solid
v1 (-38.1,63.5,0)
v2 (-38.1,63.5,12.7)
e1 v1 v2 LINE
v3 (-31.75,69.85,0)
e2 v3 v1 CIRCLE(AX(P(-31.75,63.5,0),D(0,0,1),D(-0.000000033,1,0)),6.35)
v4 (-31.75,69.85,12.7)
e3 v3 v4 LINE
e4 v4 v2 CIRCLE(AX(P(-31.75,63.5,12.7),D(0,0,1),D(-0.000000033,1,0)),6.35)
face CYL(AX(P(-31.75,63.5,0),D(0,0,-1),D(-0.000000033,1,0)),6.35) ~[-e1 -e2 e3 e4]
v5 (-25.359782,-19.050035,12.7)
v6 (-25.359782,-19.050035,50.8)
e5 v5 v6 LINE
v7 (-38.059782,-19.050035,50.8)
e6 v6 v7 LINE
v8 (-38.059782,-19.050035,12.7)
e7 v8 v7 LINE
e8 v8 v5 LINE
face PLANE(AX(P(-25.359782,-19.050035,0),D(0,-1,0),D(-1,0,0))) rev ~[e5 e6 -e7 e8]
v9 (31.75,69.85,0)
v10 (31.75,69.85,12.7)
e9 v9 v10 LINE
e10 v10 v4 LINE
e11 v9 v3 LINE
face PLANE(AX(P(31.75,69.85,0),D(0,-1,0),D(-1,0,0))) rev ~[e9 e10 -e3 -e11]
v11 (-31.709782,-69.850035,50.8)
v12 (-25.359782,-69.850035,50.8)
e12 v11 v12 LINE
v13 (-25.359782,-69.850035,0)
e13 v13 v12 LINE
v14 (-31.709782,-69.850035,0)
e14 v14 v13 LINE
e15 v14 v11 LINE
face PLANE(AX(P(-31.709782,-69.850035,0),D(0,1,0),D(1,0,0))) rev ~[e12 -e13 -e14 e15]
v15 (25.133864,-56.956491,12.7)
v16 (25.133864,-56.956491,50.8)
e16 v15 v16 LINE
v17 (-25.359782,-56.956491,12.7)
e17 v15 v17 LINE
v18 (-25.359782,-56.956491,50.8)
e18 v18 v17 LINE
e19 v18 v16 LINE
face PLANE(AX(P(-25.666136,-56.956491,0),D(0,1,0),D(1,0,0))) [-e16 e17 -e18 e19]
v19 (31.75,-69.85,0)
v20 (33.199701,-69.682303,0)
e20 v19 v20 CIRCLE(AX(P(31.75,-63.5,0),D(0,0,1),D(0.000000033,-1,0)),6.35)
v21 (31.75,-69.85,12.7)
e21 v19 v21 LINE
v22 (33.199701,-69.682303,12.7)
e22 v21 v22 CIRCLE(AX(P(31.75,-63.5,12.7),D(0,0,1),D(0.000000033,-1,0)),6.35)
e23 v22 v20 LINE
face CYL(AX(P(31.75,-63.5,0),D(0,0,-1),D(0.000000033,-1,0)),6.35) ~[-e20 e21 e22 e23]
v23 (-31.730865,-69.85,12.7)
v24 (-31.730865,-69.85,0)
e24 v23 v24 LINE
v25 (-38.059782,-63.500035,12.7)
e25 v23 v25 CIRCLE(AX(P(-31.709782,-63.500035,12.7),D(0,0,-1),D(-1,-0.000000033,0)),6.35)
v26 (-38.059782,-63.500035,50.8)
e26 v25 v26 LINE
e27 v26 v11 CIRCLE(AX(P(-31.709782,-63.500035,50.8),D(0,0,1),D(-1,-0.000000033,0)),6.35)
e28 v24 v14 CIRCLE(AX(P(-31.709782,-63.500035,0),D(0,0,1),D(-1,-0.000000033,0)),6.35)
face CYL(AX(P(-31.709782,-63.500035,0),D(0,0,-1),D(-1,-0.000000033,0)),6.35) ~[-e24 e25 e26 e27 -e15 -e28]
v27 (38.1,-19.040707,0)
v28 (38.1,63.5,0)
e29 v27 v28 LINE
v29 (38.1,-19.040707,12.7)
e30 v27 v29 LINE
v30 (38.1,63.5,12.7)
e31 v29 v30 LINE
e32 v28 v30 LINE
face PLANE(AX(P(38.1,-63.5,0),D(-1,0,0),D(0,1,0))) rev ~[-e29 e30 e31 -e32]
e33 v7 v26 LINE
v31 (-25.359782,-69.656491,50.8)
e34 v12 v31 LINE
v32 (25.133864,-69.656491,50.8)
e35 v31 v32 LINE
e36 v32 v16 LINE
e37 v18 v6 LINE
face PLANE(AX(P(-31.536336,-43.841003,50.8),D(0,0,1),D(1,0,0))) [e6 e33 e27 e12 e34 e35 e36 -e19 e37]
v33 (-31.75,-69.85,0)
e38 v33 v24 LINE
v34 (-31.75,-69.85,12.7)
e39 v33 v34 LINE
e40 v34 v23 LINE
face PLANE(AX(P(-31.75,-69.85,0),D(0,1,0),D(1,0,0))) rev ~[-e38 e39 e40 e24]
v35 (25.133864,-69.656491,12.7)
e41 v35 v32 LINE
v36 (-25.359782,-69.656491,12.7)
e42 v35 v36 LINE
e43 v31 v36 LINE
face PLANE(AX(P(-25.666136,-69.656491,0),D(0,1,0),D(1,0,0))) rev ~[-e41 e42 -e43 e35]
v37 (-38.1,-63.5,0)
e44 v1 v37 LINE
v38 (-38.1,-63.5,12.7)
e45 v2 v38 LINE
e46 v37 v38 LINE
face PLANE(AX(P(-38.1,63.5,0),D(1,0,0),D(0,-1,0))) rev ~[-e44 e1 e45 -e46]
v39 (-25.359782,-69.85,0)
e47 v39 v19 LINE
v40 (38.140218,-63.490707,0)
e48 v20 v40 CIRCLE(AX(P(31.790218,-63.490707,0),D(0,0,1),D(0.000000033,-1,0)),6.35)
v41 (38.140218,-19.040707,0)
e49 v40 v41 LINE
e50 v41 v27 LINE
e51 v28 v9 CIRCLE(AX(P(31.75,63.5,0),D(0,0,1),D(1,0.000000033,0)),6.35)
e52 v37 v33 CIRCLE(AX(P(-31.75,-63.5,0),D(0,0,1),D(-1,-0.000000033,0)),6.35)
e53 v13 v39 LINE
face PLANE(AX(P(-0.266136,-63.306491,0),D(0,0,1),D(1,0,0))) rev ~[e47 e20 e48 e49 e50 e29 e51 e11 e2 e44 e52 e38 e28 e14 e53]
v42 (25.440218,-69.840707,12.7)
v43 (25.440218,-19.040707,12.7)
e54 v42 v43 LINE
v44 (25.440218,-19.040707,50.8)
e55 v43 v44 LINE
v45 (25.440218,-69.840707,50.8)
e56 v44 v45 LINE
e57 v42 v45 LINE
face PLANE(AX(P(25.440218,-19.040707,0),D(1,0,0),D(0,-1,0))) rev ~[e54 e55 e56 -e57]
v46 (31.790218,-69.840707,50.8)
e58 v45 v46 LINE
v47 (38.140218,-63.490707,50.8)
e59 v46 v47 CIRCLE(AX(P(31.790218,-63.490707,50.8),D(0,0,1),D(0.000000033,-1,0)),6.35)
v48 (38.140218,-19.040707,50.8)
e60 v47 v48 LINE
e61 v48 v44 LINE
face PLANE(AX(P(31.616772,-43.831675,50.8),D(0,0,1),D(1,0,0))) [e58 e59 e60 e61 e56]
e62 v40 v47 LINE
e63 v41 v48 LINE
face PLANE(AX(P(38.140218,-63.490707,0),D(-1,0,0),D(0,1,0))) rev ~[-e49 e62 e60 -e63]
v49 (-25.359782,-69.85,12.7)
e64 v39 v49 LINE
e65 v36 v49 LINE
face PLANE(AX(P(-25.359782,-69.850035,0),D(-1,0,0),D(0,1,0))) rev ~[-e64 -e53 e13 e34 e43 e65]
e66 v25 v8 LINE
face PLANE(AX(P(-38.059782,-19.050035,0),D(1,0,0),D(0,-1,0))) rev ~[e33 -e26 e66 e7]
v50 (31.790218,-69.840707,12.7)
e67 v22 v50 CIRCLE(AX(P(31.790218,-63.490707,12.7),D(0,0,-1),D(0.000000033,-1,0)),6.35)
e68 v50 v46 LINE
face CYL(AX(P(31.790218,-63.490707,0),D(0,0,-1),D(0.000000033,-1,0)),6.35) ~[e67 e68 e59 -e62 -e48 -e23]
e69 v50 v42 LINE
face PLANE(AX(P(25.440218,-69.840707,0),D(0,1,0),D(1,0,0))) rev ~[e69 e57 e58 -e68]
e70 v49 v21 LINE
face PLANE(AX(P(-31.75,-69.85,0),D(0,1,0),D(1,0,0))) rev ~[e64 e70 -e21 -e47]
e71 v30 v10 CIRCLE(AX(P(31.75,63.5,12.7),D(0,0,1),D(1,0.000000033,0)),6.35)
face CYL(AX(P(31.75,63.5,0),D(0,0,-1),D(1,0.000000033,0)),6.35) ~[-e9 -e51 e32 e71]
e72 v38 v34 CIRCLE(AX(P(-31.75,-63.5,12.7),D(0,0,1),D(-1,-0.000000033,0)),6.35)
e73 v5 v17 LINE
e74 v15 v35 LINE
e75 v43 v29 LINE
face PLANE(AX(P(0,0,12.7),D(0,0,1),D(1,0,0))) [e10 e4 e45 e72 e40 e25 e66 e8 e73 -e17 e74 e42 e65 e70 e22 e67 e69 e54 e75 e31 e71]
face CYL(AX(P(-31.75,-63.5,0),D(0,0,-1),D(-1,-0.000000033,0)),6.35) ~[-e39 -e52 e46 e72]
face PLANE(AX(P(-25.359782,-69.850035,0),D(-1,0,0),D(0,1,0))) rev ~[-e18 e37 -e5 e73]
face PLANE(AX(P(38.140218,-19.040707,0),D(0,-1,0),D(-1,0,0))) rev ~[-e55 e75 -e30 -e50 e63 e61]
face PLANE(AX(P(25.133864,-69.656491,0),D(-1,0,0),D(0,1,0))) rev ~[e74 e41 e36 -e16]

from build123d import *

# Parameters (mm, degrees)
F1_DEPTH = 12.7
F3_DEPTH = 50.8
F4_W     = 50.8
F4_H     = 12.7
F5_DEPTH = 50.8


with BuildPart() as f1:
    # F0 (on Top) → F1 (new body)
    with BuildSketch(Plane.XY):
        with BuildLine():
            ThreePointArc((38.1, 63.5), (36.240128, 67.990128), (31.75, 69.85))
            Line((31.75, 69.85), (-31.75, 69.85))
            ThreePointArc((-31.75, 69.85), (-36.240128, 67.990128), (-38.1, 63.5))
            Line((-38.1, 63.5), (-38.1, -63.5))
            ThreePointArc((-38.1, -63.5), (-36.240128, -67.990128), (-31.75, -69.85))
            Line((-31.75, -69.85), (31.75, -69.85))
            ThreePointArc((31.75, -69.85), (36.240128, -67.990128), (38.1, -63.5))
            Line((38.1, -63.5), (38.1, 63.5))
        make_face()
    extrude(amount=F1_DEPTH)

    # F2 (on Top) → F3 (join)
    with BuildSketch(Plane.XY):
        with BuildLine():
            Line((-25.359782, -19.050035), (-38.059782, -19.050035))
            Line((-38.059782, -19.050035), (-38.059782, -63.500035))
            ThreePointArc((-38.059782, -63.500035), (-36.19991, -67.990163), (-31.709782, -69.850035))
            Line((-31.709782, -69.850035), (-25.359782, -69.850035))
            Line((-25.359782, -69.850035), (-25.359782, -19.050035))
        make_face()
        with BuildLine():
            Line((38.140218, -19.040707), (25.440218, -19.040707))
            Line((25.440218, -19.040707), (25.440218, -69.840707))
            Line((25.440218, -69.840707), (31.790218, -69.840707))
            ThreePointArc((31.790218, -69.840707), (36.280346, -67.980835), (38.140218, -63.490707))
            Line((38.140218, -63.490707), (38.140218, -19.040707))
        make_face()
    extrude(amount=F3_DEPTH)

    # F4 (on Top) → F5 (join)
    with BuildSketch(Plane.XY):
        with Locations((-0.266136, -63.306491)):
            Rectangle(F4_W, F4_H)
    extrude(amount=F5_DEPTH)


solid = f1.part
